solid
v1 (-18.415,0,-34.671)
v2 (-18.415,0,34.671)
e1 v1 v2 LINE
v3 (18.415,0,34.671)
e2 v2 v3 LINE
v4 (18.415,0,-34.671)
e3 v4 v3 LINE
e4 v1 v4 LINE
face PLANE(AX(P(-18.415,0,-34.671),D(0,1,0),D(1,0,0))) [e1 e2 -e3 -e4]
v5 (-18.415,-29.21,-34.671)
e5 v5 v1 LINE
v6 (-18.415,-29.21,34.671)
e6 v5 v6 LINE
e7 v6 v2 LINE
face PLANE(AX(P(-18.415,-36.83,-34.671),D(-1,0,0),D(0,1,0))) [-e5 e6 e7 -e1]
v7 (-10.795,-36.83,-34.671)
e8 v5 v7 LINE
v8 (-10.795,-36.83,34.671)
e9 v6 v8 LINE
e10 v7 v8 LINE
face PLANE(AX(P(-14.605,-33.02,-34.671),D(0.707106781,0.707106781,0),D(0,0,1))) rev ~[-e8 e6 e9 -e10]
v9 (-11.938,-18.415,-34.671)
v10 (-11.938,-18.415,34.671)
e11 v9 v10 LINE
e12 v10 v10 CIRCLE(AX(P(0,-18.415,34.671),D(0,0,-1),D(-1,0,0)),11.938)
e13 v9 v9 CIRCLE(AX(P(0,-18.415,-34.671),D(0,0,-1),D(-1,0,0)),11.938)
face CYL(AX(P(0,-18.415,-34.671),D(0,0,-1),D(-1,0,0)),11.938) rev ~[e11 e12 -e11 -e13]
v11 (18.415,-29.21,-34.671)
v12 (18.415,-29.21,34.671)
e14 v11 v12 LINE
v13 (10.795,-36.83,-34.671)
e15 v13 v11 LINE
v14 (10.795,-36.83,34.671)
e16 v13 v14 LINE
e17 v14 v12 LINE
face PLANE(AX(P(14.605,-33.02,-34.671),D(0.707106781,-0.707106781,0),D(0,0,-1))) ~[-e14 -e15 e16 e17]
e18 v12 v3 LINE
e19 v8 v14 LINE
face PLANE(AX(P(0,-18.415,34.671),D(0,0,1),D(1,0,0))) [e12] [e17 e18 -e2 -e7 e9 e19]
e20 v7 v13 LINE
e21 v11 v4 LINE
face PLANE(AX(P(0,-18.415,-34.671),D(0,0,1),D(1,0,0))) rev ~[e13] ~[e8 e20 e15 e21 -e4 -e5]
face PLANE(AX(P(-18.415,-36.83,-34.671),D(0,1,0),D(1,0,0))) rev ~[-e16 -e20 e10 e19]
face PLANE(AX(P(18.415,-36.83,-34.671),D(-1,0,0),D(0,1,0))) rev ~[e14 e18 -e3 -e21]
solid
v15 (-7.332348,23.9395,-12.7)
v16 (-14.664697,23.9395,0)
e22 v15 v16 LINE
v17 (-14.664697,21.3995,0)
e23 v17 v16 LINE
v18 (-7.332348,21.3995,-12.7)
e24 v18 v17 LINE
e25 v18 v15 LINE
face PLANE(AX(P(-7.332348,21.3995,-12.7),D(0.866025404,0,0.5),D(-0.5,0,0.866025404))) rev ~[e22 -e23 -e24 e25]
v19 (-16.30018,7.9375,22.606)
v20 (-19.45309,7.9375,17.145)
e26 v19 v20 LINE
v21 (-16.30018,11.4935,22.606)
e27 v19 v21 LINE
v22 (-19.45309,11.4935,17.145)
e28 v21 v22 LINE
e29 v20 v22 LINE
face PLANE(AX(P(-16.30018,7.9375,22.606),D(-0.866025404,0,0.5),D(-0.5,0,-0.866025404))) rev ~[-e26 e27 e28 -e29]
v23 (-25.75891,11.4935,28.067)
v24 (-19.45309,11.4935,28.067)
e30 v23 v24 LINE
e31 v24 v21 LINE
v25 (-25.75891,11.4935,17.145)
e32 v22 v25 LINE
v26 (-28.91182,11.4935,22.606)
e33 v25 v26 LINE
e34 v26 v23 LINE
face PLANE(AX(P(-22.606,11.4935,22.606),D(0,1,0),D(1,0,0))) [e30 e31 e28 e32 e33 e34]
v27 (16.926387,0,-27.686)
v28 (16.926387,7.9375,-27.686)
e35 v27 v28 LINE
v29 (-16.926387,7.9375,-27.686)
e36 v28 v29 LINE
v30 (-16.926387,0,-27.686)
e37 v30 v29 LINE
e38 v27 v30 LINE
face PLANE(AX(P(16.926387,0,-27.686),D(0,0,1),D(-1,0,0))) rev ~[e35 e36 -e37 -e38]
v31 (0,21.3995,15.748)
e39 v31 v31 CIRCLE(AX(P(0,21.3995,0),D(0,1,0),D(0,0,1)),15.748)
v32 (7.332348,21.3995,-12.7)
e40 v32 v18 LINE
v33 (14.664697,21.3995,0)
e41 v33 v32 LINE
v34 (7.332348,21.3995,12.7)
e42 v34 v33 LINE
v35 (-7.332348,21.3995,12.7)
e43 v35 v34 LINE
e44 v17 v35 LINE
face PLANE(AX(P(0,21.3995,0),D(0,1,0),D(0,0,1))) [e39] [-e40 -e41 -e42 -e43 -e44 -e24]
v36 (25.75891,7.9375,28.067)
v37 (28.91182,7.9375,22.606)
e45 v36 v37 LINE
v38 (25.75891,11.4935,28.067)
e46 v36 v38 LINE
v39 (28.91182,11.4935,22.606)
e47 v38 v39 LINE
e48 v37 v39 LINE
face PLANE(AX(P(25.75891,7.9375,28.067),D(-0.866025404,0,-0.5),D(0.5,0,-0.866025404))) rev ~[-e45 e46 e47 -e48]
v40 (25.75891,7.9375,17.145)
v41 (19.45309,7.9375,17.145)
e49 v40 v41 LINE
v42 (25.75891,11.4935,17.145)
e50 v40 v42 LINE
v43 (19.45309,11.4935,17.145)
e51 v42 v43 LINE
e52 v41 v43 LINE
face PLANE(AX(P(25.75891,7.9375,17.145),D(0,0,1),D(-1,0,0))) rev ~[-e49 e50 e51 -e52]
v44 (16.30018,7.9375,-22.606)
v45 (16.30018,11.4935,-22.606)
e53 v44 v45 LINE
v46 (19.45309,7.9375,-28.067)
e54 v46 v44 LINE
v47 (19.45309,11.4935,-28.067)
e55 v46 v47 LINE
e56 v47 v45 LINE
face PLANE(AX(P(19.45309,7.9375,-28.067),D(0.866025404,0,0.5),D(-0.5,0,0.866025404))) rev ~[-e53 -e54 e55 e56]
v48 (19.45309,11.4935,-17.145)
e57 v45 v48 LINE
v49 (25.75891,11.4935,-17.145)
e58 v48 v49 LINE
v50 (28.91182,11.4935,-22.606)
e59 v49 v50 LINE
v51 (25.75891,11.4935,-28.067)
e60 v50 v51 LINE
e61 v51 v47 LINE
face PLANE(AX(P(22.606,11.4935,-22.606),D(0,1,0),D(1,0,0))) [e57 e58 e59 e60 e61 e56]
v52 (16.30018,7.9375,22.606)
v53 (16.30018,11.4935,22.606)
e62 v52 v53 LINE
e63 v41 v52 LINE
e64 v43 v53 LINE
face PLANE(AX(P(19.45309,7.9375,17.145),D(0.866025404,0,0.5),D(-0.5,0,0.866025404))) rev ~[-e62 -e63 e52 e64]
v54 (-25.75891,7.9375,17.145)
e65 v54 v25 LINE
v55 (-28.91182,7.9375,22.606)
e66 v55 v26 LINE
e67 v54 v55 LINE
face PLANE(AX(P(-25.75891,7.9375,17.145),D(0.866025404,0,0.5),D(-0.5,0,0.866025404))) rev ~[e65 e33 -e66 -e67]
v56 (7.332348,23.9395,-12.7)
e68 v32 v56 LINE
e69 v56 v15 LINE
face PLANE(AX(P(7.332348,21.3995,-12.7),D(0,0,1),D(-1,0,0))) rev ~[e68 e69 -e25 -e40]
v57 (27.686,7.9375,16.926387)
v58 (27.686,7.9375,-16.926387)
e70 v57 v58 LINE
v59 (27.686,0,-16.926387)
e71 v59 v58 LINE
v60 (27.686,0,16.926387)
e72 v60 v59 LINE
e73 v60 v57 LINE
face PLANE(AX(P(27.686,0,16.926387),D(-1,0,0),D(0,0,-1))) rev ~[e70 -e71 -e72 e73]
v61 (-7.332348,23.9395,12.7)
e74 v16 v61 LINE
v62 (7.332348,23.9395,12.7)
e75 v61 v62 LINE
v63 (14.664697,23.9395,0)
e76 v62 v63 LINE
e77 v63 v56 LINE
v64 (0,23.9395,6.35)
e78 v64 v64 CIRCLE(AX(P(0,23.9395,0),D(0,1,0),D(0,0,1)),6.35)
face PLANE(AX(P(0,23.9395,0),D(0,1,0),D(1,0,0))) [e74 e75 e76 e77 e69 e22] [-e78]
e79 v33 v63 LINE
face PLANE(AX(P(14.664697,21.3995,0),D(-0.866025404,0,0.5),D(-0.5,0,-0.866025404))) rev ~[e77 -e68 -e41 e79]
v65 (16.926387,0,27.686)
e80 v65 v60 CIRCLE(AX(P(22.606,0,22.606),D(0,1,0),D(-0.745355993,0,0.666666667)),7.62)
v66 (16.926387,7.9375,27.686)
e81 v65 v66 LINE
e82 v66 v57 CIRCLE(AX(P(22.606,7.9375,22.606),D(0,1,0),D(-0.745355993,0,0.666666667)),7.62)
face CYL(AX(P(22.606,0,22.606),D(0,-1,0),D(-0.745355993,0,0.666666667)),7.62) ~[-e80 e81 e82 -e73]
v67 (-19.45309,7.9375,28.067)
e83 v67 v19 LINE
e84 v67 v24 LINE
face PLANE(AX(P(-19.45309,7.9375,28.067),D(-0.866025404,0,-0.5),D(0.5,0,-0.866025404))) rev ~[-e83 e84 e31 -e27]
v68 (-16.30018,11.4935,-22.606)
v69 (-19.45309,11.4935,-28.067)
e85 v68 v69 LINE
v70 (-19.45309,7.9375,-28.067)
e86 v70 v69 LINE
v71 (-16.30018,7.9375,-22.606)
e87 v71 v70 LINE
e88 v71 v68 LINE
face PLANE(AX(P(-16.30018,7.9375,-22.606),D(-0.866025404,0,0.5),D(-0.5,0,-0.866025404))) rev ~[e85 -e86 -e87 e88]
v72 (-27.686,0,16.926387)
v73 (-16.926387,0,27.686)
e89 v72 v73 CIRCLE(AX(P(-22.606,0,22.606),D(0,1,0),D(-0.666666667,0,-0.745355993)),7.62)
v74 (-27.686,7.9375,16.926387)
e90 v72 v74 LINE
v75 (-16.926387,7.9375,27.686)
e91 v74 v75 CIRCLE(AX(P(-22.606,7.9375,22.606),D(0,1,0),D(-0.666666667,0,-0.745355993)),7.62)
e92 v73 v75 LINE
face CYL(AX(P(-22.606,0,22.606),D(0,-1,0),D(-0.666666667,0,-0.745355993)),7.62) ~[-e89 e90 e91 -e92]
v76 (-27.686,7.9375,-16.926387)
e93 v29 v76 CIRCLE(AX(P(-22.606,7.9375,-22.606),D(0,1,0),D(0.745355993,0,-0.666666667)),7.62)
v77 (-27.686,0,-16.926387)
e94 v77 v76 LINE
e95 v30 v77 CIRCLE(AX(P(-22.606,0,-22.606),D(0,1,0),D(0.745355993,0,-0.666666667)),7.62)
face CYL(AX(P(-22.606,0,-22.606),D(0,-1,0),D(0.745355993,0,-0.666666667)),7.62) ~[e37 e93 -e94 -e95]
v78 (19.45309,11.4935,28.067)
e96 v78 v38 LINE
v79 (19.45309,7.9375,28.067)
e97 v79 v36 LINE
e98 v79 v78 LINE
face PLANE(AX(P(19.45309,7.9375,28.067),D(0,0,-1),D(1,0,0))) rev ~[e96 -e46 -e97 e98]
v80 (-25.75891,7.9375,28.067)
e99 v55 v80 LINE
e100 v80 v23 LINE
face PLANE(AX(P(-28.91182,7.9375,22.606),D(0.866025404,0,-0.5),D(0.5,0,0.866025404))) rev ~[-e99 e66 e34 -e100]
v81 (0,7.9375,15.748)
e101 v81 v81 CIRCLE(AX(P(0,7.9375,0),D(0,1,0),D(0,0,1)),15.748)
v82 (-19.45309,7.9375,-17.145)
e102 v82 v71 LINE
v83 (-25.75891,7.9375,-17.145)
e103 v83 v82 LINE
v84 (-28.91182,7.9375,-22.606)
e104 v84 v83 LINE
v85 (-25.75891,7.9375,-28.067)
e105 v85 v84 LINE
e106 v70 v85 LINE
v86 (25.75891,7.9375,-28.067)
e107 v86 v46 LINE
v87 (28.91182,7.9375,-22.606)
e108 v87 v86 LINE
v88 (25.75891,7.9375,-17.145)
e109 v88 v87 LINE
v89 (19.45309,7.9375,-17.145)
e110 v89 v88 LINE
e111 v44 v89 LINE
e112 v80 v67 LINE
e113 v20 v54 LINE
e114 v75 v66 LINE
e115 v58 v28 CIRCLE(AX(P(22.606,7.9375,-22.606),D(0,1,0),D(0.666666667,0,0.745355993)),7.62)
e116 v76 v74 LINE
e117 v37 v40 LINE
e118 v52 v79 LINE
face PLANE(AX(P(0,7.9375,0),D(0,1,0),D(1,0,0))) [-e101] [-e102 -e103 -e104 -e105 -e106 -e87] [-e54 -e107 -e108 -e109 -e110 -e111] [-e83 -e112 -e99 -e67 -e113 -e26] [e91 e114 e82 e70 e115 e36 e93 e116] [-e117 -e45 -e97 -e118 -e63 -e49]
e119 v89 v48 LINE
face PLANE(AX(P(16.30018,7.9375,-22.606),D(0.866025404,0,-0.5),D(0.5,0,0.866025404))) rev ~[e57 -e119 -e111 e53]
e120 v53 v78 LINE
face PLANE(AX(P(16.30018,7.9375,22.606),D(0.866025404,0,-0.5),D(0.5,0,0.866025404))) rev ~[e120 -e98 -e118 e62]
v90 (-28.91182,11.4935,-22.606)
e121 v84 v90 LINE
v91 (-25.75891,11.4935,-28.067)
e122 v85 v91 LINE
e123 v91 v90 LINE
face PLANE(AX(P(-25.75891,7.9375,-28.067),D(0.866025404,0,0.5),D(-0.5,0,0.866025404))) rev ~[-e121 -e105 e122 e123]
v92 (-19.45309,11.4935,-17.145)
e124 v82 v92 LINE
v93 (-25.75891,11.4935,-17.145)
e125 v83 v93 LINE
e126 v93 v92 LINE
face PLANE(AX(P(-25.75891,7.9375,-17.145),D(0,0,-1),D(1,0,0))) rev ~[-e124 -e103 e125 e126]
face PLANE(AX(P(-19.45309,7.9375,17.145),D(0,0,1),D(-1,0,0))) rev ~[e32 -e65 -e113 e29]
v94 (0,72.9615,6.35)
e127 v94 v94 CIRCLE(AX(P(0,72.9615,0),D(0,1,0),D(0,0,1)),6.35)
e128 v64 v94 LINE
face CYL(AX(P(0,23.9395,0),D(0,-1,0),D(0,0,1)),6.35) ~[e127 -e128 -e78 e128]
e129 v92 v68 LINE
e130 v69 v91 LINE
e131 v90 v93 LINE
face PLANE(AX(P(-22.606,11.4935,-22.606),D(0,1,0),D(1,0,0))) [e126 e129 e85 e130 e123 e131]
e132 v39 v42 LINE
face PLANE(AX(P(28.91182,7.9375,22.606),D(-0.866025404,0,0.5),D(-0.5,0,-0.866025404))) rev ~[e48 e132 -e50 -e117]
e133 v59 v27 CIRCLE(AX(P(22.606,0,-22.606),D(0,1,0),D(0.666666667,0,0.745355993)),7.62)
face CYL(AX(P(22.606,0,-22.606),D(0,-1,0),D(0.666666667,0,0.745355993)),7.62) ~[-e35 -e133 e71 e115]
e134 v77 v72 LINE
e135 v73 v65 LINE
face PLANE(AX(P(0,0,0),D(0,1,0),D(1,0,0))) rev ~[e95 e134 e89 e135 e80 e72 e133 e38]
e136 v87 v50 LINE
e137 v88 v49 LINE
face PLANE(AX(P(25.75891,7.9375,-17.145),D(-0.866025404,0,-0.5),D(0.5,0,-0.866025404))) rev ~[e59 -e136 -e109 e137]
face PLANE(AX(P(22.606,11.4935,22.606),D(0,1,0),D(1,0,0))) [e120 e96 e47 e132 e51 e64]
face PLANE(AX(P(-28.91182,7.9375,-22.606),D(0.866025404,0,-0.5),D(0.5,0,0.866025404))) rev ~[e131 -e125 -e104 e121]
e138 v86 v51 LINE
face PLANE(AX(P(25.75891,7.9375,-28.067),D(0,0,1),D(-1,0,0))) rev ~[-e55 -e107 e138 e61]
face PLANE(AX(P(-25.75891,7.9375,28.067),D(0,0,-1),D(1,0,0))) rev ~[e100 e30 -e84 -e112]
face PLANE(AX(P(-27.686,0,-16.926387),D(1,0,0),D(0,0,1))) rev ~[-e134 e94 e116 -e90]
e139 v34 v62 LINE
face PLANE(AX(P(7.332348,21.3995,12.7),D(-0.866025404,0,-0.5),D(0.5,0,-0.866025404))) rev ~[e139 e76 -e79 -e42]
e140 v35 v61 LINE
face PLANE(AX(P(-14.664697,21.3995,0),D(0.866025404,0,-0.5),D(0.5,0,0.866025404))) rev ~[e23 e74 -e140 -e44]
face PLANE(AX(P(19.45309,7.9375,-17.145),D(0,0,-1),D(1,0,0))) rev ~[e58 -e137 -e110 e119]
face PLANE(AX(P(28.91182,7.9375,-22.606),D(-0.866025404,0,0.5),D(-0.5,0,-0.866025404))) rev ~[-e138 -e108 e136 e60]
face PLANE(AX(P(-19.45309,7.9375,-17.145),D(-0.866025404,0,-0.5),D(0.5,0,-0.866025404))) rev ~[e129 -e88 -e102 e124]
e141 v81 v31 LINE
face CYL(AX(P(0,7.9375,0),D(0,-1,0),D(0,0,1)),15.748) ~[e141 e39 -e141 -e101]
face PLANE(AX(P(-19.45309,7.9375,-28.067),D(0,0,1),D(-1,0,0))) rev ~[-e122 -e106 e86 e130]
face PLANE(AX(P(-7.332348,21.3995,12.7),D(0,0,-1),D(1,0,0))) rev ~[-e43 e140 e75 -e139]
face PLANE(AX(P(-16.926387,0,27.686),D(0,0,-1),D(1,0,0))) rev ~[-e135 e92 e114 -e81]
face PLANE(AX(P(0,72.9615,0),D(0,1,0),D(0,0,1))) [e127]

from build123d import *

# Parameters (mm, degrees)
BOSS_EXTRUDE1_DEPTH      = 7.9375
BOSS_EXTRUDE2_DEPTH      = 6.985
BOSS_EXTRUDE2_DEPTH_BACK = 62.357
SKETCH2_W                = 36.83
SKETCH2_H                = 36.83
SKETCH3_R                = 11.938
CUT_EXTRUDE1_DEPTH       = 85.133066864
BOSS_EXTRUDE3_DEPTH      = 3.556
SKETCH7_R                = 15.748
BOSS_EXTRUDE4_DEPTH      = 13.462
BOSS_EXTRUDE5_DEPTH      = 2.54
SKETCH9_R                = 6.35
BOSS_EXTRUDE6_DEPTH      = 49.022
CHAMFER1_SIZE            = 7.62


with BuildPart() as part:
    # Sketch1 → Boss-Extrude1 (new body)
    with BuildSketch(Plane(origin=(0, 0, 0), x_dir=(1, 0, 0), z_dir=(0, 1, 0))):
        with BuildLine():
            Line((16.926387337, 27.686), (-16.926387337, 27.686))
            ThreePointArc((-16.926387337, 27.686), (-27.994153673, 27.994153673), (-27.686, 16.926387337))
            Line((-27.686, 16.926387337), (-27.686, -16.926387337))
            ThreePointArc((-27.686, -16.926387337), (-27.994153673, -27.994153673), (-16.926387337, -27.686))
            Line((-16.926387337, -27.686), (16.926387337, -27.686))
            ThreePointArc((16.926387337, -27.686), (27.994153673, -27.994153673), (27.686, -16.926387337))
            Line((27.686, -16.926387337), (27.686, 16.926387337))
            ThreePointArc((27.686, 16.926387337), (27.994153673, 27.994153673), (16.926387337, 27.686))
        make_face()
    extrude(amount=BOSS_EXTRUDE1_DEPTH)

    # Sketch6 → Boss-Extrude3 (add)
    with BuildSketch(Plane(origin=(0, 7.9375, 0), x_dir=(1, 0, 0), z_dir=(0, 1, 0))):
        Polygon((16.30018036, -22.606), (19.45309018, -28.067), (25.75890982, -28.067), (28.91181964, -22.606), (25.75890982, -17.145), (19.45309018, -17.145), align=None)
        Polygon((-16.30018036, -22.606), (-19.45309018, -17.145), (-25.75890982, -17.145), (-28.91181964, -22.606), (-25.75890982, -28.067), (-19.45309018, -28.067), align=None)
        Polygon((-16.30018036, 22.606), (-19.45309018, 28.067), (-25.75890982, 28.067), (-28.91181964, 22.606), (-25.75890982, 17.145), (-19.45309018, 17.145), align=None)
        Polygon((16.30018036, 22.606), (19.45309018, 17.145), (25.75890982, 17.145), (28.91181964, 22.606), (25.75890982, 28.067), (19.45309018, 28.067), align=None)
    extrude(amount=BOSS_EXTRUDE3_DEPTH)

    # Sketch7 → Boss-Extrude4 (add)
    with BuildSketch(Plane(origin=(0, 7.9375, 0), x_dir=(1, 0, 0), z_dir=(0, 1, 0))):
        with Locations(Location((0, 0, 0), (0, 0, 270))):
            Circle(SKETCH7_R)
    extrude(amount=BOSS_EXTRUDE4_DEPTH)

    # Sketch8 → Boss-Extrude5 (add)
    with BuildSketch(Plane(origin=(0, 21.3995, 0), x_dir=(1, 0, 0), z_dir=(0, 1, 0))):
        Polygon((14.664696837, 0), (7.332348419, 12.7), (-7.332348419, 12.7), (-14.664696837, 0), (-7.332348419, -12.7), (7.332348419, -12.7), align=None)
    extrude(amount=BOSS_EXTRUDE5_DEPTH)

    # Sketch9 → Boss-Extrude6 (add)
    with BuildSketch(Plane(origin=(0, 23.9395, 0), x_dir=(1, 0, 0), z_dir=(0, 1, 0))):
        with Locations(Location((0, 0, 0), (0, 0, 270))):
            Circle(SKETCH9_R)
    extrude(amount=BOSS_EXTRUDE6_DEPTH)


with BuildPart() as body_2:
    # Sketch2 → Boss-Extrude2 (new, two sides: drawn at the far end of the back side and taken through both)
    with BuildSketch(Plane.XY.offset(27.686).offset(-BOSS_EXTRUDE2_DEPTH_BACK)):
        with Locations((0, -18.415)):
            Rectangle(SKETCH2_W, SKETCH2_H)
    extrude(amount=BOSS_EXTRUDE2_DEPTH + BOSS_EXTRUDE2_DEPTH_BACK)

    # Sketch3 → Cut-Extrude1 (cut, through all)
    with BuildSketch(Plane(origin=(0, 0, -34.671), x_dir=(-1, 0, 0), z_dir=(0, 0, -1))):
        with Locations((0, -18.415)):
            Circle(SKETCH3_R)
    extrude(amount=-CUT_EXTRUDE1_DEPTH, mode=Mode.SUBTRACT)

    # Chamfer1
    chamfer1_edges = [body_2.edges().sort_by_distance(p)[0] for p in [
        (18.415, -36.83, 0),
        (-18.415, -36.83, 0),
    ]]
    chamfer(chamfer1_edges, length=CHAMFER1_SIZE)


solid = Compound([part.part, body_2.part])
